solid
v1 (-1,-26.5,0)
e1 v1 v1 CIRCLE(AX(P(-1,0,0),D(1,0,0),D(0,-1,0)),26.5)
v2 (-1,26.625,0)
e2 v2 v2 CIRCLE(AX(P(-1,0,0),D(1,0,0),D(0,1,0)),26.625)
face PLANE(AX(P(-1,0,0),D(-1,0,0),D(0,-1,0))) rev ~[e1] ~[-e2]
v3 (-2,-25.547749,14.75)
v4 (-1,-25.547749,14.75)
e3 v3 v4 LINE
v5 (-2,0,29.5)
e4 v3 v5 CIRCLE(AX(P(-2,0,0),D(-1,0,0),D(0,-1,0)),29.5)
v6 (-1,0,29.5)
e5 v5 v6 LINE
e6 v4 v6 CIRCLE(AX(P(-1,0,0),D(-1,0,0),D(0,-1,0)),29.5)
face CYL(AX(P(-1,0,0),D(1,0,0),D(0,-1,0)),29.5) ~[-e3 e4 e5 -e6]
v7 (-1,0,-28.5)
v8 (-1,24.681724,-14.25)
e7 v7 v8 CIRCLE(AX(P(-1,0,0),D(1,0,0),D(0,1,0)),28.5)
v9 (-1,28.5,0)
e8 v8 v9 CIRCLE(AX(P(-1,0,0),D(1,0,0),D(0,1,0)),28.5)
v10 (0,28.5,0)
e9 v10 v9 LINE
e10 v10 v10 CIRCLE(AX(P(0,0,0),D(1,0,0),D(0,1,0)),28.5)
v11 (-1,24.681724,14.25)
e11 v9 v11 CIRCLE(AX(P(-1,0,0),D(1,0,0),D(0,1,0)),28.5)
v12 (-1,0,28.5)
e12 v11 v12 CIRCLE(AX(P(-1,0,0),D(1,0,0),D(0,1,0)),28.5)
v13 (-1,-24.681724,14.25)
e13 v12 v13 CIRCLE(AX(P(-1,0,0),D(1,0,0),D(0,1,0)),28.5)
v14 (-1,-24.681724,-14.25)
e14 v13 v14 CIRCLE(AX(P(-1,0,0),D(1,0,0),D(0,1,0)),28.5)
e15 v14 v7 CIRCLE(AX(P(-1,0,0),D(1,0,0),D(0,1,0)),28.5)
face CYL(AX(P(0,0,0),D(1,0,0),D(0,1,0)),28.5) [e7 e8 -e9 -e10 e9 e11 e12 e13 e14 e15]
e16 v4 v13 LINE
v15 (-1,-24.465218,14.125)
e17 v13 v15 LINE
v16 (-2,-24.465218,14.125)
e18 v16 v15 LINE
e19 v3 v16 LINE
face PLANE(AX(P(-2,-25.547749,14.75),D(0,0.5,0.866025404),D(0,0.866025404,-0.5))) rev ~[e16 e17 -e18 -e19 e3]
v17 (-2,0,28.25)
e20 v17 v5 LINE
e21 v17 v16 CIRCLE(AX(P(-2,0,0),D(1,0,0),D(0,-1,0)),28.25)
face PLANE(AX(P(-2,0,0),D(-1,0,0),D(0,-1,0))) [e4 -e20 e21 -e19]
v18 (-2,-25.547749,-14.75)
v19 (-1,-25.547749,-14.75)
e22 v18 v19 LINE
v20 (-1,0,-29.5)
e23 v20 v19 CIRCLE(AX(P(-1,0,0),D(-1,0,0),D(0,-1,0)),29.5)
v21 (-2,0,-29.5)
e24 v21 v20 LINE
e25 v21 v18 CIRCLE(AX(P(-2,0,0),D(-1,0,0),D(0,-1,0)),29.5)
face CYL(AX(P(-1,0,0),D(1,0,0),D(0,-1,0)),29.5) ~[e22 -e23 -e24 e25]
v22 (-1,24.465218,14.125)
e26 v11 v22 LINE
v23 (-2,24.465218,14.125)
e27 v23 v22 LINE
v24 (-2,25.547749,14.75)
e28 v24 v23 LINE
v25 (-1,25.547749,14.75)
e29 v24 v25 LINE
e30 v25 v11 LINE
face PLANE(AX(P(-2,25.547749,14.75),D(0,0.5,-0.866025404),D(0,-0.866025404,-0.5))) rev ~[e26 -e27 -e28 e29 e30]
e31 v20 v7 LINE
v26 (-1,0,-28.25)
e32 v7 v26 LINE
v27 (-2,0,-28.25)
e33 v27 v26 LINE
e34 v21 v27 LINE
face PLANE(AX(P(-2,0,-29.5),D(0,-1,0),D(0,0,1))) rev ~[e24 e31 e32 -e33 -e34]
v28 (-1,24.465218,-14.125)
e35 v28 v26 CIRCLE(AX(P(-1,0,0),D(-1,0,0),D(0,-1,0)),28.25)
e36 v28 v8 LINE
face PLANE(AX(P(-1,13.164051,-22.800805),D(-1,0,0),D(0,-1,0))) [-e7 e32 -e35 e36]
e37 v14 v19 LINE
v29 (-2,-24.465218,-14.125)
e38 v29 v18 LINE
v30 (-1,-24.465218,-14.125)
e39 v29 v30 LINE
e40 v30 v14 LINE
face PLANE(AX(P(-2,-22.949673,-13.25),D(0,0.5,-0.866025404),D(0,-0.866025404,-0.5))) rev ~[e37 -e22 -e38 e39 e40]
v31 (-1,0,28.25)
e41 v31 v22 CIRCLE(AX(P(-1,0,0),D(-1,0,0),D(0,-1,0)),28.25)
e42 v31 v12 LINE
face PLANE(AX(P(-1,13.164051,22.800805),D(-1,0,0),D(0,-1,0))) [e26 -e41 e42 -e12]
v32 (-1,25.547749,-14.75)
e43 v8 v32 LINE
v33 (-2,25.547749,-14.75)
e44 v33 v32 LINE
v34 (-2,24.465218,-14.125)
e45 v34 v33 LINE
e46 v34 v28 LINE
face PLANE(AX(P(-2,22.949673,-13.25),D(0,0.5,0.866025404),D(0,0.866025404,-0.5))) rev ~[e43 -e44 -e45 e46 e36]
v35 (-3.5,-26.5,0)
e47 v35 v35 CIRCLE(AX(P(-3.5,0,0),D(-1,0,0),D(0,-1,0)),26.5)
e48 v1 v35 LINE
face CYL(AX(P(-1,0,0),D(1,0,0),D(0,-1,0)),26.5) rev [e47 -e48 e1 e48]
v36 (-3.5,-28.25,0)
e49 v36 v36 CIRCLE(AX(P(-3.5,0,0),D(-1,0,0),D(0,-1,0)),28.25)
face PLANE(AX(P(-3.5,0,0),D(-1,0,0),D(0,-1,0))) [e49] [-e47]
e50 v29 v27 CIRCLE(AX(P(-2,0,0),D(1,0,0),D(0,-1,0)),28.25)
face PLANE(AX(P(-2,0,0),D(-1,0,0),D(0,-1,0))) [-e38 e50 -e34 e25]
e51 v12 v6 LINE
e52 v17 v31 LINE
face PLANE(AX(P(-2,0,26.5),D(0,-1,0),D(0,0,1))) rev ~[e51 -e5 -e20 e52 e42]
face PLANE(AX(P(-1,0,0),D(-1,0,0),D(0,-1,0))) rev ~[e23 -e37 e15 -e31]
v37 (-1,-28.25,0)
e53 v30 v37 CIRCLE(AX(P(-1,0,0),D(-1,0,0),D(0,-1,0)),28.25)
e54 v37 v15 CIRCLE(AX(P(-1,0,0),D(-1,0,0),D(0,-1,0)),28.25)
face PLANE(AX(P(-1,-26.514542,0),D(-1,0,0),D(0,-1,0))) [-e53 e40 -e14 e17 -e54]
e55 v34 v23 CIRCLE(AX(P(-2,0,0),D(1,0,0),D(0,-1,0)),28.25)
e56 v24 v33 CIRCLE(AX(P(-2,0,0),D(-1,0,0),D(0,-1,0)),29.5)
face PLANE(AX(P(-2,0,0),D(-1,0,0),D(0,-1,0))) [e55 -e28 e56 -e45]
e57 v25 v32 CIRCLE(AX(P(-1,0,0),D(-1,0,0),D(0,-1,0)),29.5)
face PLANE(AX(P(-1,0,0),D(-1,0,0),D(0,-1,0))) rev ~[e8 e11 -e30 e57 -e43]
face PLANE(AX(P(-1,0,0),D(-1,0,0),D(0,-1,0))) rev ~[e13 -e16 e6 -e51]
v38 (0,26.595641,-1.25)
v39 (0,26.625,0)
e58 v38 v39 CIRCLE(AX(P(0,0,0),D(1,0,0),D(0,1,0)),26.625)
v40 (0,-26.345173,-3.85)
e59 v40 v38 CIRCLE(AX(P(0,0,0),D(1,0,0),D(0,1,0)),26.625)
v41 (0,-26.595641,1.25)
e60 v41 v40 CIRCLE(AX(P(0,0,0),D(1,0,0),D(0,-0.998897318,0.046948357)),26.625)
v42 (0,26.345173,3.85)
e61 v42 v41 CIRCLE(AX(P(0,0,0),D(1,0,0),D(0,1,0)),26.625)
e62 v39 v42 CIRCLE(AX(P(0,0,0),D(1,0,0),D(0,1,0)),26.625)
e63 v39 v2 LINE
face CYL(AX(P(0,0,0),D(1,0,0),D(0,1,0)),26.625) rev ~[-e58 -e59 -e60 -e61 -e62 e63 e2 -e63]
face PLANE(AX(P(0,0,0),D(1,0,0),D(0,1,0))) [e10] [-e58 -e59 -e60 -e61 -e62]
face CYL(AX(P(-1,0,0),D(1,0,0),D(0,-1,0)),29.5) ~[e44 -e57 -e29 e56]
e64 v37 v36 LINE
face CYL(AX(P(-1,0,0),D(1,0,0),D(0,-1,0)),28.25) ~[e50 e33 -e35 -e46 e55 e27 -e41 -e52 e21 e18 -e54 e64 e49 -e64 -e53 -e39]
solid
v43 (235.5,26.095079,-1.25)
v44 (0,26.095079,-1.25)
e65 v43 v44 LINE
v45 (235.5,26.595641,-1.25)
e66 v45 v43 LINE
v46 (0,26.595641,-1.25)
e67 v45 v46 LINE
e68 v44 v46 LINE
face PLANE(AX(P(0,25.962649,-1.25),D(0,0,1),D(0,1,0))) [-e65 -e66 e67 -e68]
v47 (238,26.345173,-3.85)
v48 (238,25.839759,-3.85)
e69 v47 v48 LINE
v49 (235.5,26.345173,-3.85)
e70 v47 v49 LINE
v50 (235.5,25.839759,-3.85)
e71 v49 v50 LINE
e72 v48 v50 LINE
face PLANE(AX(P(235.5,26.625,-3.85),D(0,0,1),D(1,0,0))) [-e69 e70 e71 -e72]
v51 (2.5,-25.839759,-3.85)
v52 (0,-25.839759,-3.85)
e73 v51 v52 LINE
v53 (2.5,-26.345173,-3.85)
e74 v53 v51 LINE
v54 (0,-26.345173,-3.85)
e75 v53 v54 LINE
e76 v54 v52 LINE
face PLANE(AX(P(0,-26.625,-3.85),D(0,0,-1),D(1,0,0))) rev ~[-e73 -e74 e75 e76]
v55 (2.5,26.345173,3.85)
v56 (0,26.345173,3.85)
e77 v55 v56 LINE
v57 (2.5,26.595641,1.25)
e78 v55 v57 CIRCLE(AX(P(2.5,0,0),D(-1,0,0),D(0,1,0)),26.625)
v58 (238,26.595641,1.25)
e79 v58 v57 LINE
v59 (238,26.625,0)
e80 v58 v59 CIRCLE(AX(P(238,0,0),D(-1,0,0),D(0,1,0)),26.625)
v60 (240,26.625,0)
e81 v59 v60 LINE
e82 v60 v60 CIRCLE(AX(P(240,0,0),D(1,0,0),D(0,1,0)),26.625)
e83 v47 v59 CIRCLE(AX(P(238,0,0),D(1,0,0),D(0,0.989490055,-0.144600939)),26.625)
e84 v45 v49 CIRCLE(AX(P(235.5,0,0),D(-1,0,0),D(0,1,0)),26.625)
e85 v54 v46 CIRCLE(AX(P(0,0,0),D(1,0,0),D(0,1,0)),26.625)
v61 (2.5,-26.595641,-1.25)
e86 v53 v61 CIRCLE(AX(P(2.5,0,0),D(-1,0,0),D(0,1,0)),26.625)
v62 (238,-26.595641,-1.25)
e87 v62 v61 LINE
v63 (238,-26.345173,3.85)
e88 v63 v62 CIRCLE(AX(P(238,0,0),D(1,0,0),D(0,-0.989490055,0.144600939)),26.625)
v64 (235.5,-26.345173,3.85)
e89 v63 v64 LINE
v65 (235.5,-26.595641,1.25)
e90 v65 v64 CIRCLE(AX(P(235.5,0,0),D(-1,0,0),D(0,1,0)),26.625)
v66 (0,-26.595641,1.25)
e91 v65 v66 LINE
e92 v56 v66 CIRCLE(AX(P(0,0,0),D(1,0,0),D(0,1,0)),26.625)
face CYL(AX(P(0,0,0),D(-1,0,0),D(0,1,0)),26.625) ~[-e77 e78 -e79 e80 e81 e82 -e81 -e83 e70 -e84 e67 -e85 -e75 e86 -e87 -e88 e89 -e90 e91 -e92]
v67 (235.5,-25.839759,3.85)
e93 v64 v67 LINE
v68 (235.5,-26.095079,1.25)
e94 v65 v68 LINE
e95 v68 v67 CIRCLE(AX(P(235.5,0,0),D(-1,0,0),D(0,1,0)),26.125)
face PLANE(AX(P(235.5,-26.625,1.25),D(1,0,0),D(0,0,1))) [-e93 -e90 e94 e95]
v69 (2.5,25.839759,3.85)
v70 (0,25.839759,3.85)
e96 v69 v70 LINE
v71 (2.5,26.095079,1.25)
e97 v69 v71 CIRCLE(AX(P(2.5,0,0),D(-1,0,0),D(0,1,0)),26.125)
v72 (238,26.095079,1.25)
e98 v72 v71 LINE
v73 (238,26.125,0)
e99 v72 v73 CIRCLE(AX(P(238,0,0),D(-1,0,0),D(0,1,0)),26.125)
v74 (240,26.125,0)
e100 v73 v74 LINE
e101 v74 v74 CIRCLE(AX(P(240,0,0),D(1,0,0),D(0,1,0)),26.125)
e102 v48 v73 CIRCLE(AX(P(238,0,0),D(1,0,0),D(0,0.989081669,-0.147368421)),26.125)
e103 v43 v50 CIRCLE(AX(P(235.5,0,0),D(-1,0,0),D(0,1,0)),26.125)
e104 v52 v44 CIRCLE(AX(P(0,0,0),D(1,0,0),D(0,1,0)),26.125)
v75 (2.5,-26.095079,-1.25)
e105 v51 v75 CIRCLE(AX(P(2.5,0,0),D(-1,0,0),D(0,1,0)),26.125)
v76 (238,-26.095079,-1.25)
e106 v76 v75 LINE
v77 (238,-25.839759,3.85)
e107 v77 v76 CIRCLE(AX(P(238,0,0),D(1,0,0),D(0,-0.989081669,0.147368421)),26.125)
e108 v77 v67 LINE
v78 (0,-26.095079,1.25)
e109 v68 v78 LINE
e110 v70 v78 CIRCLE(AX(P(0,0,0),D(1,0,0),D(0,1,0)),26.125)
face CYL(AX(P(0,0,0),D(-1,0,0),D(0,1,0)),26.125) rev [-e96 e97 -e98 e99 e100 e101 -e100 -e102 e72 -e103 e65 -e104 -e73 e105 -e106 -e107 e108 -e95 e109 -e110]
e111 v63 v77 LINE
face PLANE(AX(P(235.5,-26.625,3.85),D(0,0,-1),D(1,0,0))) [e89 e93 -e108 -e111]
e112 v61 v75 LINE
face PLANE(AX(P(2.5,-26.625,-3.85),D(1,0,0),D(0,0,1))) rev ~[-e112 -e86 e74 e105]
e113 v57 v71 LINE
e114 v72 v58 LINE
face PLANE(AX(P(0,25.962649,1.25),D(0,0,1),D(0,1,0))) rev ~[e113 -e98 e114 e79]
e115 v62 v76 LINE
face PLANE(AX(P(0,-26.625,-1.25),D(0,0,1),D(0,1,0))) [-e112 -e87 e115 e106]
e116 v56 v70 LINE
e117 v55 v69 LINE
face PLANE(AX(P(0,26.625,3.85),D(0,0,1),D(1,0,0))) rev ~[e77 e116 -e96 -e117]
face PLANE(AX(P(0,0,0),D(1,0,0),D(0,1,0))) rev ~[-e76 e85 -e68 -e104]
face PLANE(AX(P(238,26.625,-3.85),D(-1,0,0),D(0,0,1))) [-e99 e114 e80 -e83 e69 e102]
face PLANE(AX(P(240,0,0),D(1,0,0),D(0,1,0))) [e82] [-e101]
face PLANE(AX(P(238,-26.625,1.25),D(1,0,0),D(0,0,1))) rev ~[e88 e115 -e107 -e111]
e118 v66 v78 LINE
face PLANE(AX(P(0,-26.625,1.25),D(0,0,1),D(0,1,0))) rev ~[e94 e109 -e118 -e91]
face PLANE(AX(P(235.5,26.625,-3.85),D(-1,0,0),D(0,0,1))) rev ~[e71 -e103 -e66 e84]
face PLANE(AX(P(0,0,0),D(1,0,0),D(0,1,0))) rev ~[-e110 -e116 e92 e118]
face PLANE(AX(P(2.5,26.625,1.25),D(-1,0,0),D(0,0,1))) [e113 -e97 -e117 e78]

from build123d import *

# Parameters (mm, degrees)
F0_R      = 26.625
F0_R_2    = 26.125
F1_DEPTH  = 240
F2_W      = 0.7316432893
F2_H      = 1.25
F3_DEPTH  = 238
F4_W      = 0.6623510725
F4_H      = 2.5
F5_DEPTH  = 238
F0_R_3    = 28.5
F6_DEPTH  = 1
F8_W      = 2.5
F8_H      = 2.6
F9_DEPTH  = 2
F11_W     = 2.5
F11_H     = 2.6
F12_DEPTH = 2
F13_DEPTH = 2
F14_DEPTH = 2
F16_R     = 29.5
F16_R_2   = 26.5
F17_DEPTH = 1
F19_DEPTH = 1
F15_R     = 28.25
F15_R_2   = 26.5
F20_DEPTH = 2.5


with BuildPart() as f1:
    # F0 (on Right) → F1 (new body)
    with BuildSketch(Plane.YZ):
        Circle(F0_R)
        Circle(F0_R_2, mode=Mode.SUBTRACT)
    extrude(amount=F1_DEPTH)

    # F2 (on Right) → F3 (cut)
    with BuildSketch(Plane.YZ):
        with Locations((-26.2591783553, -0.625)):
            Rectangle(F2_W, F2_H)
        with Locations((-26.2591783553, 0.625)):
            Rectangle(F2_W, F2_H)
    extrude(amount=F3_DEPTH, mode=Mode.SUBTRACT)

    # F4 (on Right) → F5 (cut)
    with BuildSketch(Plane.YZ):
        with Locations((26.2938244637, 0)):
            Rectangle(F4_W, F4_H)
    extrude(amount=F5_DEPTH, mode=Mode.SUBTRACT)

    # F0 (on Right) → F6 (join)
    with BuildSketch(Plane.YZ):
        Circle(F0_R_3)
        Circle(F0_R, mode=Mode.SUBTRACT)
    extrude(amount=-F6_DEPTH)

    # F8 (on offset) → F9 (cut)
    with BuildSketch(Plane.XZ.offset(-26.625)):
        with Locations((236.75, -2.55)):
            Rectangle(F8_W, F8_H)
    extrude(amount=F9_DEPTH, mode=Mode.SUBTRACT)

    # F11 (on offset) → F12 (cut)
    with BuildSketch(Plane.XZ.offset(26.625)):
        with Locations((1.25, -2.55)):
            Rectangle(F11_W, F11_H)
    extrude(amount=-F12_DEPTH, mode=Mode.SUBTRACT)

    # F11 (on offset) → F13 (cut)
    with BuildSketch(Plane.XZ.offset(26.625)):
        with Locations((236.75, 2.55)):
            Rectangle(F11_W, F11_H)
    extrude(amount=-F13_DEPTH, mode=Mode.SUBTRACT)

    # F8 (on offset) → F14 (cut)
    with BuildSketch(Plane.XZ.offset(-26.625)):
        with Locations((1.25, 2.55)):
            Rectangle(F8_W, F8_H)
    extrude(amount=F14_DEPTH, mode=Mode.SUBTRACT)

    # F16 (on face) → F17 (join)
    with BuildSketch(Plane(origin=(-1, 0, 0), x_dir=(0, -1, 0), z_dir=(-1, 0, 0))):
        Circle(F16_R)
        Circle(F16_R_2, mode=Mode.SUBTRACT)
    extrude(amount=F17_DEPTH)

    # F18 (on face) → F19 (cut)
    with BuildSketch(Plane(origin=(-2, 0, 0), x_dir=(0, -1, 0), z_dir=(-1, 0, 0))):
        with BuildLine():
            Line((0, 26.5), (0, 29.5))
            ThreePointArc((0, 29.5), (-14.75, 25.5477494116), (-25.5477494116, 14.75))
            Line((-25.5477494116, 14.75), (-22.9496732003, 13.25))
            ThreePointArc((-22.9496732003, 13.25), (-13.25, 22.9496732003), (0, 26.5))
        make_face()
        with BuildLine():
            ThreePointArc((29.5, 0), (28.4948118755, 7.6351618305), (25.5477494116, 14.75))
            Line((25.5477494116, 14.75), (22.9496732003, 13.25))
            ThreePointArc((22.9496732003, 13.25), (25.5970343967, 6.8587046952), (26.5, 0))
            ThreePointArc((26.5, 0), (25.5970343967, -6.8587046952), (22.9496732003, -13.25))
            Line((22.9496732003, -13.25), (25.5477494116, -14.75))
            ThreePointArc((25.5477494116, -14.75), (28.4948118755, -7.6351618305), (29.5, 0))
        make_face()
        with BuildLine():
            ThreePointArc((-25.5477494116, -14.75), (-14.75, -25.5477494116), (0, -29.5))
            Line((0, -29.5), (0, -26.5))
            ThreePointArc((0, -26.5), (-13.25, -22.9496732003), (-22.9496732003, -13.25))
            Line((-22.9496732003, -13.25), (-25.5477494116, -14.75))
        make_face()
    extrude(amount=-F19_DEPTH, mode=Mode.SUBTRACT)

    # F15 (on face) → F20 (join)
    with BuildSketch(Plane(origin=(-1, 0, 0), x_dir=(0, -1, 0), z_dir=(-1, 0, 0))):
        Circle(F15_R)
        Circle(F15_R_2, mode=Mode.SUBTRACT)
    extrude(amount=F20_DEPTH)


solid = f1.part
